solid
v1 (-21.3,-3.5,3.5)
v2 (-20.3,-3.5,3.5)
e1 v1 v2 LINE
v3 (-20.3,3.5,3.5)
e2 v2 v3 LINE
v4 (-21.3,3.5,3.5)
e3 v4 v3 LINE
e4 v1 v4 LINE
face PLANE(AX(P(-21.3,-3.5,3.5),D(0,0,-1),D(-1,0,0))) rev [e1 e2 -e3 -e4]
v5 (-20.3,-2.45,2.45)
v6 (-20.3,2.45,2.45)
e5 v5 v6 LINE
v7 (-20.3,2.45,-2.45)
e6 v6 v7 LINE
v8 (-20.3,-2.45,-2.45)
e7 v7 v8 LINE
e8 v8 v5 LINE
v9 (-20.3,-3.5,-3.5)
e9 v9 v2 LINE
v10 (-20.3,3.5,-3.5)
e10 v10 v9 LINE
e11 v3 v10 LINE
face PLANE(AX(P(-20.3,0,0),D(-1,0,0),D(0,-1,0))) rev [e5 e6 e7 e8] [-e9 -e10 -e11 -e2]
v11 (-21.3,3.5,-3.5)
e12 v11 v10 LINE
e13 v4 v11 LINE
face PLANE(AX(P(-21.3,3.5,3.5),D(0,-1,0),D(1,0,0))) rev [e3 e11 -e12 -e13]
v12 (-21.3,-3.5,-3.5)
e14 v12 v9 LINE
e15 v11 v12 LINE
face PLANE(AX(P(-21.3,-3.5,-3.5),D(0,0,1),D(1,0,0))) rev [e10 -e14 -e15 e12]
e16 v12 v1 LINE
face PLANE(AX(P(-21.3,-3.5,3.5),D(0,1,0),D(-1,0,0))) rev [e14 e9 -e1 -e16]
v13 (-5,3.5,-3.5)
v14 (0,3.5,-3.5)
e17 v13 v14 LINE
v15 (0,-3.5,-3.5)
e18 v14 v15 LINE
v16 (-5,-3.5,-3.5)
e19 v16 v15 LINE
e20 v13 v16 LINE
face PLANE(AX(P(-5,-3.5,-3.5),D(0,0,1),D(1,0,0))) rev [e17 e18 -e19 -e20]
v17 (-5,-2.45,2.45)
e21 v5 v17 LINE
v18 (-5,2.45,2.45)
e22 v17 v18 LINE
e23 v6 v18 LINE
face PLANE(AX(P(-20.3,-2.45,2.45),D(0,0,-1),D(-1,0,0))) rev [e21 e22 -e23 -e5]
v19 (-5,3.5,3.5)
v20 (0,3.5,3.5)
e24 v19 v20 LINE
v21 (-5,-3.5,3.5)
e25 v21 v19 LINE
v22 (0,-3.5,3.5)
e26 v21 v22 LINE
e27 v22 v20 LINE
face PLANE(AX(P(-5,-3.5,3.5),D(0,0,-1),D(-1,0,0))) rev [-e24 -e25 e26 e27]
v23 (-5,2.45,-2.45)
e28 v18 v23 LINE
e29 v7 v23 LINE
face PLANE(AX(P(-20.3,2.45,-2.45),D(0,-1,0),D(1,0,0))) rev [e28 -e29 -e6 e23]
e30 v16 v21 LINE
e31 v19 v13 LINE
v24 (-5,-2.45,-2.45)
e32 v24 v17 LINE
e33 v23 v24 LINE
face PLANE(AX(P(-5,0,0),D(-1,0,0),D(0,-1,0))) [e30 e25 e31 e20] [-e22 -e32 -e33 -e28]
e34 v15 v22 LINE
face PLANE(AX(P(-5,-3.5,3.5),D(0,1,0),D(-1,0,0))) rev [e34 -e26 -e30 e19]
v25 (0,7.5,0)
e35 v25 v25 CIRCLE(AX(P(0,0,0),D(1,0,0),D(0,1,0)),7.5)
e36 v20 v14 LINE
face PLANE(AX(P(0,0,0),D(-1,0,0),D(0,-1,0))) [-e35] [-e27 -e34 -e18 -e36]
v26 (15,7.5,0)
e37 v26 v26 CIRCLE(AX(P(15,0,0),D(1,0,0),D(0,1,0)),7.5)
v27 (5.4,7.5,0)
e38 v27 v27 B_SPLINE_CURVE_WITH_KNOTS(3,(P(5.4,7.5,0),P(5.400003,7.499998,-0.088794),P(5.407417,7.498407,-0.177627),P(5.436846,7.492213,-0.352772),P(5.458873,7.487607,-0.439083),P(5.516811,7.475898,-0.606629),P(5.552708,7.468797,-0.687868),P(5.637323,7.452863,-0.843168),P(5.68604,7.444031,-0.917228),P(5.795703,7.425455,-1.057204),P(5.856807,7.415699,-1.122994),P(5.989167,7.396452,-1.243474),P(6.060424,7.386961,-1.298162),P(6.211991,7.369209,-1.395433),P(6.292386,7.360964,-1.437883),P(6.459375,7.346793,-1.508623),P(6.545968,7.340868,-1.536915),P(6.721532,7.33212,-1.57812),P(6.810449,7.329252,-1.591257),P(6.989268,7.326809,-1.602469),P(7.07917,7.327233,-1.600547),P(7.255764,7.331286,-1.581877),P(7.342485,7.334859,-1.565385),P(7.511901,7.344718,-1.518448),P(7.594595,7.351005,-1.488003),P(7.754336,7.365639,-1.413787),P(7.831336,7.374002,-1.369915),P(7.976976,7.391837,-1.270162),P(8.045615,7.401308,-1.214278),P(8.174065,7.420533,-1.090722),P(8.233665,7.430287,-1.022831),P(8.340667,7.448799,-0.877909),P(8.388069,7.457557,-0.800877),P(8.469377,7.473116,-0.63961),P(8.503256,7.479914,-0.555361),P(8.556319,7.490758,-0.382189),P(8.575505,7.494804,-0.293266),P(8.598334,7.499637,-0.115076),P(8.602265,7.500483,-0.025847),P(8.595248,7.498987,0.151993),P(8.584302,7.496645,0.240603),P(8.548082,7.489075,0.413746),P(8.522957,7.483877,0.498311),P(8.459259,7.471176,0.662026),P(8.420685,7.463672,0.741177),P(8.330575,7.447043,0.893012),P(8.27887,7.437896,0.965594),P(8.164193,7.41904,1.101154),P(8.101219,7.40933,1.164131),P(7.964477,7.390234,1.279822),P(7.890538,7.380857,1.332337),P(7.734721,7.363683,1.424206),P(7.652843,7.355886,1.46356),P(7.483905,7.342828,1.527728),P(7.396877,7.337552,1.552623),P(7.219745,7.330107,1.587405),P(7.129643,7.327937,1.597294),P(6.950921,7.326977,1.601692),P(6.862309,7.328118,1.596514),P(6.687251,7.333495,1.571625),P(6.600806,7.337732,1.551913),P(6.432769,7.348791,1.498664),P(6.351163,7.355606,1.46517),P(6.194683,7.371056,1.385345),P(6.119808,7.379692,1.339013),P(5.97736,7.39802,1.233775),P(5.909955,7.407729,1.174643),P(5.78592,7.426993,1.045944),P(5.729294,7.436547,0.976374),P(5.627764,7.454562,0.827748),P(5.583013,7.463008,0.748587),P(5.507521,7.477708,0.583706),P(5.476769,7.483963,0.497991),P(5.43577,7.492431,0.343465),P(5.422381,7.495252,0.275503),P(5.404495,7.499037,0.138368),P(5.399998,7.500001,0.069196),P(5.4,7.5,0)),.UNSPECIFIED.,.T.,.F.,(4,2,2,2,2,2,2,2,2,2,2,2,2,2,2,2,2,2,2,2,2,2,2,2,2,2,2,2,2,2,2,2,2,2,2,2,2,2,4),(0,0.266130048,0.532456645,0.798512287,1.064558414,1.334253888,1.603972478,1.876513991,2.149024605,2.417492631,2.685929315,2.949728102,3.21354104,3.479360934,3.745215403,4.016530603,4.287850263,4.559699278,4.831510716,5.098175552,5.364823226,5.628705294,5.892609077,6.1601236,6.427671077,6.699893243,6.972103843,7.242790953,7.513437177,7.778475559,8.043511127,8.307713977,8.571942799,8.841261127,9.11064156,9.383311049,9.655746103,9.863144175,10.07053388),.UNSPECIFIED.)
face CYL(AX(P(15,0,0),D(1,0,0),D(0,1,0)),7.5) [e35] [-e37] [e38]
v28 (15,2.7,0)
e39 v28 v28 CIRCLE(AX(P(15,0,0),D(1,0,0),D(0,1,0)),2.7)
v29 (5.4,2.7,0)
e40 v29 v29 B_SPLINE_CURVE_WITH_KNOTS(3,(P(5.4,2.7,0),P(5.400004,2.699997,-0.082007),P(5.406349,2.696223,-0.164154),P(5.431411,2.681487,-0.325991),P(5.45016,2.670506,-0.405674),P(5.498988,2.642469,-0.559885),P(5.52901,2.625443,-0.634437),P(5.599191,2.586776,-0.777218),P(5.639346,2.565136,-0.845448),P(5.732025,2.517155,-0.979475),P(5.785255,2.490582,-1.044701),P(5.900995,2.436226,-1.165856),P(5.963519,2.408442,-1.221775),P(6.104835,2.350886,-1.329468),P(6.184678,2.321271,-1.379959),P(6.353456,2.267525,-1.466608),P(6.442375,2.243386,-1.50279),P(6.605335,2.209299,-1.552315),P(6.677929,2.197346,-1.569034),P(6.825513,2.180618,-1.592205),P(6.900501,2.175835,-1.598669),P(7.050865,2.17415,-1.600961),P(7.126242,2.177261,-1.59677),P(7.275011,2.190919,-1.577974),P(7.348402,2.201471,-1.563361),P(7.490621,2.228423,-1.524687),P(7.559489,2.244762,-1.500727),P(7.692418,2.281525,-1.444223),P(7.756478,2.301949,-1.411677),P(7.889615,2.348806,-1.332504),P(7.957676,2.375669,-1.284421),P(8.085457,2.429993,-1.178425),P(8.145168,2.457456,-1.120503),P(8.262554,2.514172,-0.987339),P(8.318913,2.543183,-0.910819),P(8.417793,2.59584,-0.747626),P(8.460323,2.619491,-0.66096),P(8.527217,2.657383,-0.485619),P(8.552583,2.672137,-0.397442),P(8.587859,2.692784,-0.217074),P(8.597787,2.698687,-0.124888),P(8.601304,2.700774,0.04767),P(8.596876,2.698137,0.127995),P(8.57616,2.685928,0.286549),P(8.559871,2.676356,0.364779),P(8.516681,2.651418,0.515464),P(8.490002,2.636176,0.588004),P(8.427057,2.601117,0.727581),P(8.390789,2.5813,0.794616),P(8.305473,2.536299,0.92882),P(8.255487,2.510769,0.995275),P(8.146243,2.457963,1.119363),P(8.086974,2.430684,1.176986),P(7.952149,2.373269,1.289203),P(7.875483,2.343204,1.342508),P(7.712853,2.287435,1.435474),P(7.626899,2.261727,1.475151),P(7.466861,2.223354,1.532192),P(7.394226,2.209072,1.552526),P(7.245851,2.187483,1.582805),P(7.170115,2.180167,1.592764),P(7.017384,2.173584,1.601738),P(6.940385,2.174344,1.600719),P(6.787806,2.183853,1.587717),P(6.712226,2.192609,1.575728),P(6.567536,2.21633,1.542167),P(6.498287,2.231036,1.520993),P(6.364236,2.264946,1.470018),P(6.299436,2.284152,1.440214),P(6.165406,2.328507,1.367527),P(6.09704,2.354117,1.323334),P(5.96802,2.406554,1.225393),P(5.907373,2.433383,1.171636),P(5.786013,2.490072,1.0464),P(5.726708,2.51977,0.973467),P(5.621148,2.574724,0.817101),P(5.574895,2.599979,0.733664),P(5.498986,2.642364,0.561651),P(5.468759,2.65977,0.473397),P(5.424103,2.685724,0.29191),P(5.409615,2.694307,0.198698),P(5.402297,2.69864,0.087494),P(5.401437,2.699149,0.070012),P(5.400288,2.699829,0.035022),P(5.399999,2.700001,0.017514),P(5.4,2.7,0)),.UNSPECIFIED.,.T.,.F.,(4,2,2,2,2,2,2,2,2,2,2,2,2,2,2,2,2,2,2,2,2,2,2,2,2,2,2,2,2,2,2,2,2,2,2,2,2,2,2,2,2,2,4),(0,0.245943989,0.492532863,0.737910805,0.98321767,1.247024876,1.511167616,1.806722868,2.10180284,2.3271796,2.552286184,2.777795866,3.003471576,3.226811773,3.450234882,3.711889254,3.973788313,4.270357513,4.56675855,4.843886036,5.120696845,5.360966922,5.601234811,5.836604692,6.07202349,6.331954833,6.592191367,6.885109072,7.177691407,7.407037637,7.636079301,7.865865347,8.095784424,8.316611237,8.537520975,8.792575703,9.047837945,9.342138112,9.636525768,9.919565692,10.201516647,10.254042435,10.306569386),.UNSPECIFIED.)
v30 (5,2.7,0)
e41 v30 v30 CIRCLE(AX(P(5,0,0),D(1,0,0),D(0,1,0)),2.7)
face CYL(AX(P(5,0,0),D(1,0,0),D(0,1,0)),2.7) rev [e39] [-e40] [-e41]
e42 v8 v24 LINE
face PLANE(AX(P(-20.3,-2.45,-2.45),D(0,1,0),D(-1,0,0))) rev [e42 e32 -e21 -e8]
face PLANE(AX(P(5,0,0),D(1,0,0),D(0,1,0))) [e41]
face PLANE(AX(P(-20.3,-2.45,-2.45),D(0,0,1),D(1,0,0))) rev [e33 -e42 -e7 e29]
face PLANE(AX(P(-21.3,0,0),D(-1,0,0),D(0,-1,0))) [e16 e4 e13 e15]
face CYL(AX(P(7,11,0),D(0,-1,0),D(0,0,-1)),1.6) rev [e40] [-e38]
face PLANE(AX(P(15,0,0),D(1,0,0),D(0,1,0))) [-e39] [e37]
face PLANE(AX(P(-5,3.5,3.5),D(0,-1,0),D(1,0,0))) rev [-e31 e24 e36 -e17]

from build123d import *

# Parameters (mm, degrees)
SKETCH2_W           = 15
SKETCH2_H           = 7.5
SKETCH3_R           = 2.7
CUT_EXTRUDE1_DEPTH  = 10
SKETCH5_R           = 1.6
CUT_EXTRUDE2_DEPTH  = 11
SKETCH6_W           = 7
SKETCH6_H           = 7
BOSS_EXTRUDE1_DEPTH = 5
SKETCH7_W           = 4.9
SKETCH7_H           = 4.9
BOSS_EXTRUDE2_DEPTH = 15.3
SKETCH8_W           = 7
SKETCH8_H           = 7
BOSS_EXTRUDE3_DEPTH = 1


with BuildPart() as part:
    # Sketch2 → Revolve1 (revolve)
    with BuildSketch(Plane.XY):
        with Locations((7.5, 3.75)):
            Rectangle(SKETCH2_W, SKETCH2_H)
    revolve(axis=Axis((15, 0, 0), (-1, 0, 0)))

    # Sketch3 → Cut-Extrude1 (cut)
    with BuildSketch(Plane(origin=(15, 0, 0), x_dir=(0, 0, -1), z_dir=(1, 0, 0))):
        Circle(SKETCH3_R)
    extrude(amount=-CUT_EXTRUDE1_DEPTH, mode=Mode.SUBTRACT)

    # Sketch5 → Cut-Extrude2 (cut)
    with BuildSketch(Plane(origin=(0, 0, 0), x_dir=(1, 0, 0), z_dir=(0, 1, 0))):
        with Locations((7, 0)):
            Circle(SKETCH5_R)
    extrude(amount=CUT_EXTRUDE2_DEPTH, mode=Mode.SUBTRACT)

    # Sketch6 → Boss-Extrude1 (add)
    with BuildSketch(Plane.ZY):
        Rectangle(SKETCH6_W, SKETCH6_H)
    extrude(amount=BOSS_EXTRUDE1_DEPTH)

    # Sketch7 → Boss-Extrude2 (add)
    with BuildSketch(Plane.ZY.offset(5)):
        Rectangle(SKETCH7_W, SKETCH7_H)
    extrude(amount=BOSS_EXTRUDE2_DEPTH)

    # Sketch8 → Boss-Extrude3 (add)
    with BuildSketch(Plane.ZY.offset(20.3)):
        Rectangle(SKETCH8_W, SKETCH8_H)
    extrude(amount=BOSS_EXTRUDE3_DEPTH)


solid = part.part
